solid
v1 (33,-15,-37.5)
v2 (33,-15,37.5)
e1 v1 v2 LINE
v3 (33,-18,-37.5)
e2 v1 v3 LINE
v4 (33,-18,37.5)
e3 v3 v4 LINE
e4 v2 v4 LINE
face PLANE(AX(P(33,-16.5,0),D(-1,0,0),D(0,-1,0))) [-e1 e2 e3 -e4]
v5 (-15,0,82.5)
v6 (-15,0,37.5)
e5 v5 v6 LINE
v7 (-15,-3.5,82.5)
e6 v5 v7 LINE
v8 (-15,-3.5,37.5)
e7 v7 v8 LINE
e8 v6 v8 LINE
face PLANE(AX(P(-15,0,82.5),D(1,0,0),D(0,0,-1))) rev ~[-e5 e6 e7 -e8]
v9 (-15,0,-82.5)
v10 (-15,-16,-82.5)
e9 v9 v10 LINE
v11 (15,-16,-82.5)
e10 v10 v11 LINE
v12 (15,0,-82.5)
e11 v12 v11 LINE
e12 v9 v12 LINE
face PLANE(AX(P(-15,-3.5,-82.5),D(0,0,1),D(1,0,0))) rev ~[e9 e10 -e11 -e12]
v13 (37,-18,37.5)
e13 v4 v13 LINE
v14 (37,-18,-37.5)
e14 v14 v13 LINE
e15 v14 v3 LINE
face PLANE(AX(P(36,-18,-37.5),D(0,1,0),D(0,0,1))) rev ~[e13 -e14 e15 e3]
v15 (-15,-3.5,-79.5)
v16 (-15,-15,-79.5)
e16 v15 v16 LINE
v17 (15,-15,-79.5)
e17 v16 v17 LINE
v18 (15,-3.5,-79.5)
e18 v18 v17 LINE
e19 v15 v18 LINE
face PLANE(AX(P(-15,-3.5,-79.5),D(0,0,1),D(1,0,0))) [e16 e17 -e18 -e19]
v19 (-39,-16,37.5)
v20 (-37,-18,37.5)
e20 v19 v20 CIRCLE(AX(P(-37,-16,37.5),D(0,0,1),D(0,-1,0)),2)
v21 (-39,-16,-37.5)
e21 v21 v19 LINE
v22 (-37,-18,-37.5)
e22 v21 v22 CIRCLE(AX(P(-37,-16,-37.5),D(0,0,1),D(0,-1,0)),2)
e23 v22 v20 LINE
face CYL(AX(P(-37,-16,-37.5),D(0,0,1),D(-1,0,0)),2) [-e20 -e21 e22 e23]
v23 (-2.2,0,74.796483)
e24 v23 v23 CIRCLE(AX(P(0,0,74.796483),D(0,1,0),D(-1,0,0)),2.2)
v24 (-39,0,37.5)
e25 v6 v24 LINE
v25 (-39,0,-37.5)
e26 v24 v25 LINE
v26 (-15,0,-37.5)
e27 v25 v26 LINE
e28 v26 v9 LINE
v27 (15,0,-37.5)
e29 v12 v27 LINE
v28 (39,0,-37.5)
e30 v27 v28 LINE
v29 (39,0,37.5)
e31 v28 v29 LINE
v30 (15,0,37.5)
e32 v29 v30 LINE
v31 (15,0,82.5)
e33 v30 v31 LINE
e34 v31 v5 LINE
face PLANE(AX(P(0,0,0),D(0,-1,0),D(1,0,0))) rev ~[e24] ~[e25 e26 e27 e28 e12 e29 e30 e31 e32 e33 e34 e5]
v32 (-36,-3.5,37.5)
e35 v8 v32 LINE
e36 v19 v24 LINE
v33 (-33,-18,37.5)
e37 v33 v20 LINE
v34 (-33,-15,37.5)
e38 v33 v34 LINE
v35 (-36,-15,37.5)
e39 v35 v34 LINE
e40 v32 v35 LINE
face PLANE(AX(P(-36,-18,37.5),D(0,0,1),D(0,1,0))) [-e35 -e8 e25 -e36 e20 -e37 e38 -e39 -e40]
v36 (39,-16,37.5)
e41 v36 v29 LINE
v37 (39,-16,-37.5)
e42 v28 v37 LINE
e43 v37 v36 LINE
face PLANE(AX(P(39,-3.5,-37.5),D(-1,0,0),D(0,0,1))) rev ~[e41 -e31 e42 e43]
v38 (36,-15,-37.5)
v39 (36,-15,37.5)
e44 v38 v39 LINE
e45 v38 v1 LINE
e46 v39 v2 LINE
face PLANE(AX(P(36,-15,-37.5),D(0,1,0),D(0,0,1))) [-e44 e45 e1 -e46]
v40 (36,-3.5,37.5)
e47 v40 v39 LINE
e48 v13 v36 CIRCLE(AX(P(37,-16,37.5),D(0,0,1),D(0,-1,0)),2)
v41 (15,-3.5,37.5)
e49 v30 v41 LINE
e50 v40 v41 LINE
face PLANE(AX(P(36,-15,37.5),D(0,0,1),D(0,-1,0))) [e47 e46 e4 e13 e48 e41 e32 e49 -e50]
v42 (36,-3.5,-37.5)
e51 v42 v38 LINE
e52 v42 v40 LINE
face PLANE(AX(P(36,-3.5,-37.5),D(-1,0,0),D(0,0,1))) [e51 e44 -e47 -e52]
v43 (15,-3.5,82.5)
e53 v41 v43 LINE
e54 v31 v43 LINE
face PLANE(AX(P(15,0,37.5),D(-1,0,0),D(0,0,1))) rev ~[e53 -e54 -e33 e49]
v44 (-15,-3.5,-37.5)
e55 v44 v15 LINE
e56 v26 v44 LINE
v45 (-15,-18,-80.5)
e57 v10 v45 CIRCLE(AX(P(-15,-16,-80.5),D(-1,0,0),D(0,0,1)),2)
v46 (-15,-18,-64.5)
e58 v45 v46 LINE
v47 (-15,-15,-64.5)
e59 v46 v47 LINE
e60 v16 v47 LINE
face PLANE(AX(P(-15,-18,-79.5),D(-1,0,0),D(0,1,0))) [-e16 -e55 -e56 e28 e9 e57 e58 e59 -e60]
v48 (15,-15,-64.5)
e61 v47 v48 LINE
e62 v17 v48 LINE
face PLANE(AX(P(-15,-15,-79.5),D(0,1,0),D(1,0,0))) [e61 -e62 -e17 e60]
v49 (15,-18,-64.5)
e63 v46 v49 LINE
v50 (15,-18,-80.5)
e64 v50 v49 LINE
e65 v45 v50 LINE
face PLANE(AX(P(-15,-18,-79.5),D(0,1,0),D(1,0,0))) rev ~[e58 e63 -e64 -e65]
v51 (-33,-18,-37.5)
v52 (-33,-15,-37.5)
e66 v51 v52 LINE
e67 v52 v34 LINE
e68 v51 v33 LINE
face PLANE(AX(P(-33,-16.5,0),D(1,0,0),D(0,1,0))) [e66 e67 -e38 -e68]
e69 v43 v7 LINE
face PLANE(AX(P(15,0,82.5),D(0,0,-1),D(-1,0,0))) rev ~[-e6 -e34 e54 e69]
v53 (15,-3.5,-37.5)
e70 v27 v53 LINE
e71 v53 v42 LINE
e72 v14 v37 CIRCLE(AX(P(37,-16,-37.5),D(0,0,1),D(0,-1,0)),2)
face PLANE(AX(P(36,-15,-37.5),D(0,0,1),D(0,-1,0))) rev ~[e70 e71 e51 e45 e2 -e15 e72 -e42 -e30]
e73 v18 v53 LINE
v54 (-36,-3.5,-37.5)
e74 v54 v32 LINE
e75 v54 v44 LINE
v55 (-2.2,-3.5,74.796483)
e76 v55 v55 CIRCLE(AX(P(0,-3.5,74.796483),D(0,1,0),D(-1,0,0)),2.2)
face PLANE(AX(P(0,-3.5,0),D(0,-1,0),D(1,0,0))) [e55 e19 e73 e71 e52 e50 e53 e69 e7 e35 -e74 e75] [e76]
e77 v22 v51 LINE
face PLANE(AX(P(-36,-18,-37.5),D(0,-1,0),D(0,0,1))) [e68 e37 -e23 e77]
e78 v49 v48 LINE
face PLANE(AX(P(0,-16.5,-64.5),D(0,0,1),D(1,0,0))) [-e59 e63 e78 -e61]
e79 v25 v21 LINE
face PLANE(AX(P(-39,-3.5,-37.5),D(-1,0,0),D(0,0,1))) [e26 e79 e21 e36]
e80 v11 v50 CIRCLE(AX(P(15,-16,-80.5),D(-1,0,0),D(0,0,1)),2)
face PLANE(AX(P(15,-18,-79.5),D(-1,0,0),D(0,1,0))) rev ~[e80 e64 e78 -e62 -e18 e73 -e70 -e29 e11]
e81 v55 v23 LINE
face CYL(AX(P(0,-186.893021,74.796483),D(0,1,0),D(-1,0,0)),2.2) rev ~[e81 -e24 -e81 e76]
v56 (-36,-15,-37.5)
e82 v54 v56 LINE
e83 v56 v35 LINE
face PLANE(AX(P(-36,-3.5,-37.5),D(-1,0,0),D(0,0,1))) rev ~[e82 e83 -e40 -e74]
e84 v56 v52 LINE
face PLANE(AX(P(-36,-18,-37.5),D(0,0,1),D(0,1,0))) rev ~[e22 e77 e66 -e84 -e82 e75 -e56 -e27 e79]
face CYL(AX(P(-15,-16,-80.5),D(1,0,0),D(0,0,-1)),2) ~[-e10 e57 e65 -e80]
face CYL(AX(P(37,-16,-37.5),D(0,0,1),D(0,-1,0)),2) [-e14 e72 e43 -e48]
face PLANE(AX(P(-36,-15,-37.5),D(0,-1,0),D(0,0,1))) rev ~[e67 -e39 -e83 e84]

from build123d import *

# Parameters (mm, degrees)
F1_DEPTH  = 3.5
F2_W      = 30
F2_H      = 3
F3_DEPTH  = 14.5
F4_W      = 30
F4_H      = 3
F5_DEPTH  = 15
F6_W      = 3
F6_H      = 75
F7_DEPTH  = 14.5
F8_W      = 3
F8_H      = 75
F9_DEPTH  = 14.5
F10_W     = 3
F10_H     = 75
F11_DEPTH = 3
F12_W     = 3
F12_H     = 75
F13_DEPTH = 3
F14_R     = 2
F15_R     = 2
F16_R     = 2
F18_D     = 4.4


with BuildPart() as f1:
    # F0 (on Front) → F1 (new body)
    with BuildSketch(Plane.XZ):
        Polygon((15, 82.5), (-15, 82.5), (-15, 37.5), (-39, 37.5), (-39, -37.5), (-15, -37.5), (-15, -82.5), (15, -82.5), (15, -37.5), (39, -37.5), (39, 37.5), (15, 37.5), align=None)
    extrude(amount=F1_DEPTH)

    # F2 (on face) → F3 (join)
    with BuildSketch(Plane.XZ.offset(3.5)):
        with Locations((0, -81)):
            Rectangle(F2_W, F2_H)
    extrude(amount=F3_DEPTH)

    # F4 (on face) → F5 (join)
    with BuildSketch(Plane.XY.offset(-79.5)):
        with Locations((0, -16.5)):
            Rectangle(F4_W, F4_H)
    extrude(amount=F5_DEPTH)

    # F6 (on face) → F7 (join)
    with BuildSketch(Plane.XZ.offset(3.5)):
        with Locations((-37.5, 0)):
            Rectangle(F6_W, F6_H)
    extrude(amount=F7_DEPTH)

    # F8 (on face) → F9 (join)
    with BuildSketch(Plane.XZ.offset(3.5)):
        with Locations((37.5, 0)):
            Rectangle(F8_W, F8_H)
    extrude(amount=F9_DEPTH)

    # F10 (on face) → F11 (join)
    with BuildSketch(Plane.YZ.offset(-36)):
        with Locations((-16.5, 0)):
            Rectangle(F10_W, F10_H)
    extrude(amount=F11_DEPTH)

    # F12 (on face) → F13 (join)
    with BuildSketch(Plane(origin=(36, 0, 0), x_dir=(0, -1, 0), z_dir=(-1, 0, 0))):
        with Locations((16.5, 0)):
            Rectangle(F12_W, F12_H)
    extrude(amount=F13_DEPTH)

    # F14
    f14_edges = [f1.edges().sort_by_distance(p)[0] for p in [
        (39, -18, 0),
    ]]
    fillet(f14_edges, radius=F14_R)

    # F15
    f15_edges = [f1.edges().sort_by_distance(p)[0] for p in [
        (-39, -18, 0),
    ]]
    fillet(f15_edges, radius=F15_R)

    # F16
    f16_edges = [f1.edges().sort_by_distance(p)[0] for p in [
        (0, -18, -82.5),
    ]]
    fillet(f16_edges, radius=F16_R)

    # F18 (through all)
    with Locations(Plane.XZ.offset(3.5)):
        with Locations((0, 74.796483)):
            Hole(F18_D / 2)


solid = f1.part
